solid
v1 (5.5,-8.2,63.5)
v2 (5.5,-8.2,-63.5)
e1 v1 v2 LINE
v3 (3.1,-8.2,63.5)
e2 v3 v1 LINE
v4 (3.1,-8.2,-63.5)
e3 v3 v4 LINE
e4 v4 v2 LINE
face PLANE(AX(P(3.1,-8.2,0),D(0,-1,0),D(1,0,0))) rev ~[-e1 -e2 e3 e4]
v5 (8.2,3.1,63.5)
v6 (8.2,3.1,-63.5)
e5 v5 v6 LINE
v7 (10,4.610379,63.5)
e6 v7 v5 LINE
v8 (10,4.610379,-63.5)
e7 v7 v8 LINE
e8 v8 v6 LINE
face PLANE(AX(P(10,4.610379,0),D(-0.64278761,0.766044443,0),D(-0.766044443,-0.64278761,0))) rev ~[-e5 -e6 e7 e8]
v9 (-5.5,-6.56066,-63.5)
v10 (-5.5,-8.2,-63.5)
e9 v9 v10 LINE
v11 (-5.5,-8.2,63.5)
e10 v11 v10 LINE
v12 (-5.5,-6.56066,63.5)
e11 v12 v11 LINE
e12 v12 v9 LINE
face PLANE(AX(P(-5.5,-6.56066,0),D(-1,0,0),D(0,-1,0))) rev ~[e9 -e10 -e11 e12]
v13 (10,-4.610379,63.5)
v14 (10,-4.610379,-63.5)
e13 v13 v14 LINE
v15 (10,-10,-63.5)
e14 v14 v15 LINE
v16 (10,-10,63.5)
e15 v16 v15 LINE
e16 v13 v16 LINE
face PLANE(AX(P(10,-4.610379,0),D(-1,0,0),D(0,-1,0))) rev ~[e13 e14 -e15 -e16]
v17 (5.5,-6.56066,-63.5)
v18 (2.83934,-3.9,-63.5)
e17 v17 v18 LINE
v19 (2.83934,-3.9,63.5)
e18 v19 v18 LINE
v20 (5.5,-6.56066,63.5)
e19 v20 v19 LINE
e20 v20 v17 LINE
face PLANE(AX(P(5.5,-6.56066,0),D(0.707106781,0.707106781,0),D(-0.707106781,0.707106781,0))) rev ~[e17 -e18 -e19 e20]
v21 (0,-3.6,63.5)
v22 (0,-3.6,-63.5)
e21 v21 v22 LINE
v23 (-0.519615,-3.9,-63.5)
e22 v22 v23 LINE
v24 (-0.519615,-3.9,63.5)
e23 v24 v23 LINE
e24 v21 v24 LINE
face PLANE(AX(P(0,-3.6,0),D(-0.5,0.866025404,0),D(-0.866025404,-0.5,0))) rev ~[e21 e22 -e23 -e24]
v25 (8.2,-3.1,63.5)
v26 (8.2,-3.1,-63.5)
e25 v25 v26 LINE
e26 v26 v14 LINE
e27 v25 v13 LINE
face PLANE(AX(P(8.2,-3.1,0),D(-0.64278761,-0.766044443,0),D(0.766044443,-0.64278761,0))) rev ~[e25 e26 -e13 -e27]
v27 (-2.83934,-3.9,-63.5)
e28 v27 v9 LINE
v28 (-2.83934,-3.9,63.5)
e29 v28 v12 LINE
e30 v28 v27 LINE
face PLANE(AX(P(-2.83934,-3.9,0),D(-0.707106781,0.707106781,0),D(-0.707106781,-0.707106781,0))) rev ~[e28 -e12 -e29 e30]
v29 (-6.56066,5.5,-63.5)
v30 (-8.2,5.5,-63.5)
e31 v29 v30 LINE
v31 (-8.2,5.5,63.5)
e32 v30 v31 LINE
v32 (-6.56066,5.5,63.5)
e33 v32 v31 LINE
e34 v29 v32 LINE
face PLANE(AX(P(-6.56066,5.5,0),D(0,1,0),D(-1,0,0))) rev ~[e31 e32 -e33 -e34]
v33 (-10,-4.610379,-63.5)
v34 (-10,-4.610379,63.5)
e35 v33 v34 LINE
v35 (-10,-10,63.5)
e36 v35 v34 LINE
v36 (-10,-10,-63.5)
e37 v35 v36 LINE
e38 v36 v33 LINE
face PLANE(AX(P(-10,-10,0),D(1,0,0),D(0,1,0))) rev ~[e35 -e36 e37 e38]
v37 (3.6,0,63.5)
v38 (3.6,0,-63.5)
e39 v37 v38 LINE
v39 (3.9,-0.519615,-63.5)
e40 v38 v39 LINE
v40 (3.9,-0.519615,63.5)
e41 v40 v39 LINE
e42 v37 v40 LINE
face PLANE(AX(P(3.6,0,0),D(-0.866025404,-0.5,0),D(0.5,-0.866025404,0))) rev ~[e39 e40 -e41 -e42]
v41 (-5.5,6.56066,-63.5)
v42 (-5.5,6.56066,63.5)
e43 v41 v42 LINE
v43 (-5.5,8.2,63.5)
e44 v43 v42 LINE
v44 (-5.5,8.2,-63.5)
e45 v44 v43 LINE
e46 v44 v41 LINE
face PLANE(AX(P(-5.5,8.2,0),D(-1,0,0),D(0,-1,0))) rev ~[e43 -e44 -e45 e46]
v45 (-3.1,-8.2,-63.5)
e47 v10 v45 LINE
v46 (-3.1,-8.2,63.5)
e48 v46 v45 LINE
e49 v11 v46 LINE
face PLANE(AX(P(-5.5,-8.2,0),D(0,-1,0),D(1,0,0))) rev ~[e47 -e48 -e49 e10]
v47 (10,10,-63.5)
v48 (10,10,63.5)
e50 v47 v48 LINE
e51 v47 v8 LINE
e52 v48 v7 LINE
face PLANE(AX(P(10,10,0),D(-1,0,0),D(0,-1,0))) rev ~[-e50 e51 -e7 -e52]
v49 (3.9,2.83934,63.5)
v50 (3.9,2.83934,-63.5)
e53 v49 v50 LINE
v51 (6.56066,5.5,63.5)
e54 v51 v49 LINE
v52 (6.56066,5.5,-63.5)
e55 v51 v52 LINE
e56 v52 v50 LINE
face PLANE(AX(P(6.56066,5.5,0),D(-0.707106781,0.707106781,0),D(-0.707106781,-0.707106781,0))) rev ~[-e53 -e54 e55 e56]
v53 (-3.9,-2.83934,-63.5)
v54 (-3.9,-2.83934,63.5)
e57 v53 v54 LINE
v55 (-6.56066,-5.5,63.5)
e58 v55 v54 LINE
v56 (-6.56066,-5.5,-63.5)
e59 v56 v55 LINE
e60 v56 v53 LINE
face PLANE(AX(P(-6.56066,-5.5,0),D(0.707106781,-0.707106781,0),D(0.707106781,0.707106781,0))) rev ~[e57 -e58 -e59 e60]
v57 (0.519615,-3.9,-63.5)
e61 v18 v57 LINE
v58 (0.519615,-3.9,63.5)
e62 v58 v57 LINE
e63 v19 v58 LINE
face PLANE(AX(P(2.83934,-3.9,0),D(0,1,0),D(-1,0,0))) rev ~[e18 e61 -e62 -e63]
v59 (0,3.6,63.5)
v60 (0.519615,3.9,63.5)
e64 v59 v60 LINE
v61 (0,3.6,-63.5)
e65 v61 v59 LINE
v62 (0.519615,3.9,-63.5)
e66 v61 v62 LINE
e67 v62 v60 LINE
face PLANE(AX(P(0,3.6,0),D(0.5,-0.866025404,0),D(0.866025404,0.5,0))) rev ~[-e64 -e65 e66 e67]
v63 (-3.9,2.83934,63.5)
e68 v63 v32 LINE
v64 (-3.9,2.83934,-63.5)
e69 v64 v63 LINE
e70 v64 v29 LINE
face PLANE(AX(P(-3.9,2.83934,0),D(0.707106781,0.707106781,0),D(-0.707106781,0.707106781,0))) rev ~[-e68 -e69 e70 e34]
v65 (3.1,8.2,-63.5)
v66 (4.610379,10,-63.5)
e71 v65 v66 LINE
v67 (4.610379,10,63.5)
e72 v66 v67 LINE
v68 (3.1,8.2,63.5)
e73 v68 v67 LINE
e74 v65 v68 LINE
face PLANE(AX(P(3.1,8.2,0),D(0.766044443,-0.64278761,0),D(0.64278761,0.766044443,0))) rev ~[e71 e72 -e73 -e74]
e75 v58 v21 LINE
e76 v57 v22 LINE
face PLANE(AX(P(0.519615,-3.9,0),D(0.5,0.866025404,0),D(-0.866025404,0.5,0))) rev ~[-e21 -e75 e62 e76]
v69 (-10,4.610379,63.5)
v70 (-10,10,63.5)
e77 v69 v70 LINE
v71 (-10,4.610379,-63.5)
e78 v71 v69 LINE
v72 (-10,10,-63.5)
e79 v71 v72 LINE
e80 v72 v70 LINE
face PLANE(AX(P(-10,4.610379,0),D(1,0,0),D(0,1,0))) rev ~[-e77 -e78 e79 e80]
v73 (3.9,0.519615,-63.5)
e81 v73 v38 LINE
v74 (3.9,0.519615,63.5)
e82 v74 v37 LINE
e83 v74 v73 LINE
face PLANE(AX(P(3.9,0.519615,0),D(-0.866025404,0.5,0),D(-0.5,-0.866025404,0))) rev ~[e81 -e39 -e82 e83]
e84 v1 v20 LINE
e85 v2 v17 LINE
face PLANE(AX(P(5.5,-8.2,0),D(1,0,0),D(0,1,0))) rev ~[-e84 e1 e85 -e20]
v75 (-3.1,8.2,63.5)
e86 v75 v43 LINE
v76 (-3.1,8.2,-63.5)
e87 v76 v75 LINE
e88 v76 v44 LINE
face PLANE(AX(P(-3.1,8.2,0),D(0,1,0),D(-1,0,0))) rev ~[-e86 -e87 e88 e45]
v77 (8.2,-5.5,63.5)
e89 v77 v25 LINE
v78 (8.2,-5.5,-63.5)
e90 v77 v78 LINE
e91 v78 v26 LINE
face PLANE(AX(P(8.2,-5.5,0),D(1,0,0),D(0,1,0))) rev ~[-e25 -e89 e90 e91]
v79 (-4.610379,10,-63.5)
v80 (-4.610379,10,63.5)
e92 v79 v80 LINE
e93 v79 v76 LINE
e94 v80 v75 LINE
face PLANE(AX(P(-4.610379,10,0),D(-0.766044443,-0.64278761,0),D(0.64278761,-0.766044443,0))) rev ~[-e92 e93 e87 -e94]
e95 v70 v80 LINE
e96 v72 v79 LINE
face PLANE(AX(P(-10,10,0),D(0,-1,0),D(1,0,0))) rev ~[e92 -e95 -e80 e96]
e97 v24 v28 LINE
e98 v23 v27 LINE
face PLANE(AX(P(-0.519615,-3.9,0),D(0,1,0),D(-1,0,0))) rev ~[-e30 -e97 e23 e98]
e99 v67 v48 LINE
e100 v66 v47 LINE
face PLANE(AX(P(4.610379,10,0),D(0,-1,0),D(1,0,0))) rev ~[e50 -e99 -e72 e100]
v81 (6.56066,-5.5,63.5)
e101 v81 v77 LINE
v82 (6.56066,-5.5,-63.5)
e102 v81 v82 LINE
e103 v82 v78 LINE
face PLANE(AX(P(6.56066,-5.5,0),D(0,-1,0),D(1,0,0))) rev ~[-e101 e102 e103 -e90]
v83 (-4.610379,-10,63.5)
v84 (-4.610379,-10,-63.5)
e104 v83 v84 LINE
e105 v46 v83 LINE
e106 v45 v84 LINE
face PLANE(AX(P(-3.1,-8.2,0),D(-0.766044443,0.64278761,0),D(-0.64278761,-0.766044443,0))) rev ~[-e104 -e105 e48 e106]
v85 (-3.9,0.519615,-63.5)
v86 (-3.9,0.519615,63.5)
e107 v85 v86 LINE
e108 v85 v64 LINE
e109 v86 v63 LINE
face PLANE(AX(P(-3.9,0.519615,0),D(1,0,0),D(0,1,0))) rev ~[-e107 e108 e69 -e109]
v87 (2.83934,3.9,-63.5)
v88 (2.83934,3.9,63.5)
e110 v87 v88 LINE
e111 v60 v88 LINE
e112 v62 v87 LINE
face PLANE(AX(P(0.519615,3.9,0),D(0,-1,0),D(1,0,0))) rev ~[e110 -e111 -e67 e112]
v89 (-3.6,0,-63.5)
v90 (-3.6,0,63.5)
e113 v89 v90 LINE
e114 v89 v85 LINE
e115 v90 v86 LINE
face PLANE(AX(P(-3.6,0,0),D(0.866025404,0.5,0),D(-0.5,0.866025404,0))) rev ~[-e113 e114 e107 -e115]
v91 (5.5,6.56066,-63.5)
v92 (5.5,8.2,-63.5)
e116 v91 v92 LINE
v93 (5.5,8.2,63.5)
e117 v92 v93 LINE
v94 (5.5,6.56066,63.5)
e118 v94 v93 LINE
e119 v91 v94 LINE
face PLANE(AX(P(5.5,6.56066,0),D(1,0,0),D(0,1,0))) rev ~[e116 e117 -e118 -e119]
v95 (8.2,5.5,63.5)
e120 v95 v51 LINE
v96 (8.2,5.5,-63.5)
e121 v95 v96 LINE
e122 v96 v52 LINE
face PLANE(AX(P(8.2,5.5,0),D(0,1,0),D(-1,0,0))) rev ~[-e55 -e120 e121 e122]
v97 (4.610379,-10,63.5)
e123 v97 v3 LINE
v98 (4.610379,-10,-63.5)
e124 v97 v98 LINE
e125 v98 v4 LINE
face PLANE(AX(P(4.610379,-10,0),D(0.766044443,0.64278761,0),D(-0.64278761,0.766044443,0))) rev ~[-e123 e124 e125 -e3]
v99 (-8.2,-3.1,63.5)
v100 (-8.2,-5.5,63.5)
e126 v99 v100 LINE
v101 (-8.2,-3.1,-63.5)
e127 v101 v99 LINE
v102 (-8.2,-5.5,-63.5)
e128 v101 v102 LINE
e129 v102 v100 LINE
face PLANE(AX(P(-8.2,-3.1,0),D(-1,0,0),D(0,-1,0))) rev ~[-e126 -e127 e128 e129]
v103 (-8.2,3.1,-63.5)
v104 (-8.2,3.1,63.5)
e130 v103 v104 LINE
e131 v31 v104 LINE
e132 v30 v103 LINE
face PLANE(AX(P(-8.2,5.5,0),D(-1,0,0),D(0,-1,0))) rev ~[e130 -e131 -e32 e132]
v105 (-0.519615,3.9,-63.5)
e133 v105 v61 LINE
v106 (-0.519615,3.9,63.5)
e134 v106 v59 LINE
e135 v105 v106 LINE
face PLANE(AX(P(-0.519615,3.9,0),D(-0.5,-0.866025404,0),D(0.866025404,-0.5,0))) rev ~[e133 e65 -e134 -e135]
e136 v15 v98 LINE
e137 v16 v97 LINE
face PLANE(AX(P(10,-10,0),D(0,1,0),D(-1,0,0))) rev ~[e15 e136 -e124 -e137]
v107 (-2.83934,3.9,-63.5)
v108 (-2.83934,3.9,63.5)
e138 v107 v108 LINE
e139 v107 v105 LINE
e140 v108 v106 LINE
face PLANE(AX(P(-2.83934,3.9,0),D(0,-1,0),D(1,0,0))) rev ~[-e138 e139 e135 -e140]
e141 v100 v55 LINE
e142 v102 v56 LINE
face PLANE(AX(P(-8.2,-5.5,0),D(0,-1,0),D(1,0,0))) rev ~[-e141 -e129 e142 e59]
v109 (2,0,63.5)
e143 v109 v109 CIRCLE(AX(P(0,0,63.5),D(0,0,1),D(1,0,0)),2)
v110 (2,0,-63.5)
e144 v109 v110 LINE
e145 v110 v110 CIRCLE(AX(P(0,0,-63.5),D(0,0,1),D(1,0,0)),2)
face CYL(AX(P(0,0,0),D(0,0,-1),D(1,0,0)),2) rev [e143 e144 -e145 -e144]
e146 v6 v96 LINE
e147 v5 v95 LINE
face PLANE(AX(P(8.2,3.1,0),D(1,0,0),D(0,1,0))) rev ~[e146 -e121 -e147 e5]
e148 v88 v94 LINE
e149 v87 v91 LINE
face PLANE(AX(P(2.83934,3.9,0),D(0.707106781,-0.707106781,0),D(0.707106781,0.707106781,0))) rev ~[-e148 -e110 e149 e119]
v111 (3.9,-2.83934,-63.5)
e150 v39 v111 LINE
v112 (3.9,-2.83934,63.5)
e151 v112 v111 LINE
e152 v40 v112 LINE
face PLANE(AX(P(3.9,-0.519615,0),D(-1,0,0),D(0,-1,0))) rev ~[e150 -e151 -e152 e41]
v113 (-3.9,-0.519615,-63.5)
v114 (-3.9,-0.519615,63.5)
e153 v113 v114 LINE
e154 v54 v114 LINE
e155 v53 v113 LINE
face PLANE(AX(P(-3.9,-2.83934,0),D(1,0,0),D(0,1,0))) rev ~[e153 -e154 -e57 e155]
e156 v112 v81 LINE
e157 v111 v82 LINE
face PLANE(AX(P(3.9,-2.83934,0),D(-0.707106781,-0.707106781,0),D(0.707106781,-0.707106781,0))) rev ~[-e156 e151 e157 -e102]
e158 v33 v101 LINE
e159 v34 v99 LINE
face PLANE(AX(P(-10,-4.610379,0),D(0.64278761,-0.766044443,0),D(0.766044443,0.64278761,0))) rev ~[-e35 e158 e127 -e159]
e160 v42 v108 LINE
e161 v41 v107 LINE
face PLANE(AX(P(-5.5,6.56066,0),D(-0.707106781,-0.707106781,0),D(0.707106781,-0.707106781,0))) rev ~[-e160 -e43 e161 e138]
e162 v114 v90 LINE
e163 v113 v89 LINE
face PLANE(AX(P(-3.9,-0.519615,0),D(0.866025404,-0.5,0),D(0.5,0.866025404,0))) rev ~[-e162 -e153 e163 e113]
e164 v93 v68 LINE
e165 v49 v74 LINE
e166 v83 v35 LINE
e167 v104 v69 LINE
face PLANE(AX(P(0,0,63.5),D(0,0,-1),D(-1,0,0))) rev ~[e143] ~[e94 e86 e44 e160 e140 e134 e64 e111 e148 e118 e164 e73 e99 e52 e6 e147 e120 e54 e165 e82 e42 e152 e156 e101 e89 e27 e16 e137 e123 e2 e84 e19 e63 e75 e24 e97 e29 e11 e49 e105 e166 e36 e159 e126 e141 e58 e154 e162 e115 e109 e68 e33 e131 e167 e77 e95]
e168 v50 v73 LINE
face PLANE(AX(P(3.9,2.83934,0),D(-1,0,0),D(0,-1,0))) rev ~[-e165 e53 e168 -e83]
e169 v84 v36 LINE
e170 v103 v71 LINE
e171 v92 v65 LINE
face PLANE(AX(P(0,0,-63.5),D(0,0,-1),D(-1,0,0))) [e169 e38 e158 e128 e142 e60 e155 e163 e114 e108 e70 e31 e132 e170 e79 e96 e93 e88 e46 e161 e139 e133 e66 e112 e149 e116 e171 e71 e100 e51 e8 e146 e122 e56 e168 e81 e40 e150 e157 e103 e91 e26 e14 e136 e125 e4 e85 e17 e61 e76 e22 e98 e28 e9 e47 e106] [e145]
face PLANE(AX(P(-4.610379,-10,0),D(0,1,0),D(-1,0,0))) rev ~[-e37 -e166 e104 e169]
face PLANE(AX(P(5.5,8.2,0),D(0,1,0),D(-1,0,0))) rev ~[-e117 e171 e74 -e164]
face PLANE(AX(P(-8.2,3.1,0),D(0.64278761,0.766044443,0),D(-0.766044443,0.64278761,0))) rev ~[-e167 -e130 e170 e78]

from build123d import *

# Parameters (mm, degrees)
SKETCH1_R           = 2
BOSS_EXTRUDE1_DEPTH = 63.5


with BuildPart() as part:
    # Sketch1 → Boss-Extrude1 (new body, symmetric)
    with BuildSketch(Plane.XY):
        Polygon((10, 10), (10, 4.610379336), (8.2, 3.1), (8.2, 5.5), (6.560660172, 5.5), (3.9, 2.839339828), (3.9, 0.519615242), (3.6, 0), (3.9, -0.519615242), (3.9, -2.839339828), (6.560660172, -5.5), (8.2, -5.5), (8.2, -3.1), (10, -4.610379336), (10, -10), (4.610379336, -10), (3.1, -8.2), (5.5, -8.2), (5.5, -6.560660172), (2.839339828, -3.9), (0.519615242, -3.9), (0, -3.6), (-0.519615242, -3.9), (-2.839339828, -3.9), (-5.5, -6.560660172), (-5.5, -8.2), (-3.1, -8.2), (-4.610379336, -10), (-10, -10), (-10, -4.610379336), (-8.2, -3.1), (-8.2, -5.5), (-6.560660172, -5.5), (-3.9, -2.839339828), (-3.9, -0.519615242), (-3.6, 0), (-3.9, 0.519615242), (-3.9, 2.839339828), (-6.560660172, 5.5), (-8.2, 5.5), (-8.2, 3.1), (-10, 4.610379336), (-10, 10), (-4.610379336, 10), (-3.1, 8.2), (-5.5, 8.2), (-5.5, 6.560660172), (-2.839339828, 3.9), (-0.519615242, 3.9), (0, 3.6), (0.519615242, 3.9), (2.839339828, 3.9), (5.5, 6.560660172), (5.5, 8.2), (3.1, 8.2), (4.610379336, 10), align=None)
        Circle(SKETCH1_R, mode=Mode.SUBTRACT)
    extrude(amount=BOSS_EXTRUDE1_DEPTH, both=True)


solid = part.part
